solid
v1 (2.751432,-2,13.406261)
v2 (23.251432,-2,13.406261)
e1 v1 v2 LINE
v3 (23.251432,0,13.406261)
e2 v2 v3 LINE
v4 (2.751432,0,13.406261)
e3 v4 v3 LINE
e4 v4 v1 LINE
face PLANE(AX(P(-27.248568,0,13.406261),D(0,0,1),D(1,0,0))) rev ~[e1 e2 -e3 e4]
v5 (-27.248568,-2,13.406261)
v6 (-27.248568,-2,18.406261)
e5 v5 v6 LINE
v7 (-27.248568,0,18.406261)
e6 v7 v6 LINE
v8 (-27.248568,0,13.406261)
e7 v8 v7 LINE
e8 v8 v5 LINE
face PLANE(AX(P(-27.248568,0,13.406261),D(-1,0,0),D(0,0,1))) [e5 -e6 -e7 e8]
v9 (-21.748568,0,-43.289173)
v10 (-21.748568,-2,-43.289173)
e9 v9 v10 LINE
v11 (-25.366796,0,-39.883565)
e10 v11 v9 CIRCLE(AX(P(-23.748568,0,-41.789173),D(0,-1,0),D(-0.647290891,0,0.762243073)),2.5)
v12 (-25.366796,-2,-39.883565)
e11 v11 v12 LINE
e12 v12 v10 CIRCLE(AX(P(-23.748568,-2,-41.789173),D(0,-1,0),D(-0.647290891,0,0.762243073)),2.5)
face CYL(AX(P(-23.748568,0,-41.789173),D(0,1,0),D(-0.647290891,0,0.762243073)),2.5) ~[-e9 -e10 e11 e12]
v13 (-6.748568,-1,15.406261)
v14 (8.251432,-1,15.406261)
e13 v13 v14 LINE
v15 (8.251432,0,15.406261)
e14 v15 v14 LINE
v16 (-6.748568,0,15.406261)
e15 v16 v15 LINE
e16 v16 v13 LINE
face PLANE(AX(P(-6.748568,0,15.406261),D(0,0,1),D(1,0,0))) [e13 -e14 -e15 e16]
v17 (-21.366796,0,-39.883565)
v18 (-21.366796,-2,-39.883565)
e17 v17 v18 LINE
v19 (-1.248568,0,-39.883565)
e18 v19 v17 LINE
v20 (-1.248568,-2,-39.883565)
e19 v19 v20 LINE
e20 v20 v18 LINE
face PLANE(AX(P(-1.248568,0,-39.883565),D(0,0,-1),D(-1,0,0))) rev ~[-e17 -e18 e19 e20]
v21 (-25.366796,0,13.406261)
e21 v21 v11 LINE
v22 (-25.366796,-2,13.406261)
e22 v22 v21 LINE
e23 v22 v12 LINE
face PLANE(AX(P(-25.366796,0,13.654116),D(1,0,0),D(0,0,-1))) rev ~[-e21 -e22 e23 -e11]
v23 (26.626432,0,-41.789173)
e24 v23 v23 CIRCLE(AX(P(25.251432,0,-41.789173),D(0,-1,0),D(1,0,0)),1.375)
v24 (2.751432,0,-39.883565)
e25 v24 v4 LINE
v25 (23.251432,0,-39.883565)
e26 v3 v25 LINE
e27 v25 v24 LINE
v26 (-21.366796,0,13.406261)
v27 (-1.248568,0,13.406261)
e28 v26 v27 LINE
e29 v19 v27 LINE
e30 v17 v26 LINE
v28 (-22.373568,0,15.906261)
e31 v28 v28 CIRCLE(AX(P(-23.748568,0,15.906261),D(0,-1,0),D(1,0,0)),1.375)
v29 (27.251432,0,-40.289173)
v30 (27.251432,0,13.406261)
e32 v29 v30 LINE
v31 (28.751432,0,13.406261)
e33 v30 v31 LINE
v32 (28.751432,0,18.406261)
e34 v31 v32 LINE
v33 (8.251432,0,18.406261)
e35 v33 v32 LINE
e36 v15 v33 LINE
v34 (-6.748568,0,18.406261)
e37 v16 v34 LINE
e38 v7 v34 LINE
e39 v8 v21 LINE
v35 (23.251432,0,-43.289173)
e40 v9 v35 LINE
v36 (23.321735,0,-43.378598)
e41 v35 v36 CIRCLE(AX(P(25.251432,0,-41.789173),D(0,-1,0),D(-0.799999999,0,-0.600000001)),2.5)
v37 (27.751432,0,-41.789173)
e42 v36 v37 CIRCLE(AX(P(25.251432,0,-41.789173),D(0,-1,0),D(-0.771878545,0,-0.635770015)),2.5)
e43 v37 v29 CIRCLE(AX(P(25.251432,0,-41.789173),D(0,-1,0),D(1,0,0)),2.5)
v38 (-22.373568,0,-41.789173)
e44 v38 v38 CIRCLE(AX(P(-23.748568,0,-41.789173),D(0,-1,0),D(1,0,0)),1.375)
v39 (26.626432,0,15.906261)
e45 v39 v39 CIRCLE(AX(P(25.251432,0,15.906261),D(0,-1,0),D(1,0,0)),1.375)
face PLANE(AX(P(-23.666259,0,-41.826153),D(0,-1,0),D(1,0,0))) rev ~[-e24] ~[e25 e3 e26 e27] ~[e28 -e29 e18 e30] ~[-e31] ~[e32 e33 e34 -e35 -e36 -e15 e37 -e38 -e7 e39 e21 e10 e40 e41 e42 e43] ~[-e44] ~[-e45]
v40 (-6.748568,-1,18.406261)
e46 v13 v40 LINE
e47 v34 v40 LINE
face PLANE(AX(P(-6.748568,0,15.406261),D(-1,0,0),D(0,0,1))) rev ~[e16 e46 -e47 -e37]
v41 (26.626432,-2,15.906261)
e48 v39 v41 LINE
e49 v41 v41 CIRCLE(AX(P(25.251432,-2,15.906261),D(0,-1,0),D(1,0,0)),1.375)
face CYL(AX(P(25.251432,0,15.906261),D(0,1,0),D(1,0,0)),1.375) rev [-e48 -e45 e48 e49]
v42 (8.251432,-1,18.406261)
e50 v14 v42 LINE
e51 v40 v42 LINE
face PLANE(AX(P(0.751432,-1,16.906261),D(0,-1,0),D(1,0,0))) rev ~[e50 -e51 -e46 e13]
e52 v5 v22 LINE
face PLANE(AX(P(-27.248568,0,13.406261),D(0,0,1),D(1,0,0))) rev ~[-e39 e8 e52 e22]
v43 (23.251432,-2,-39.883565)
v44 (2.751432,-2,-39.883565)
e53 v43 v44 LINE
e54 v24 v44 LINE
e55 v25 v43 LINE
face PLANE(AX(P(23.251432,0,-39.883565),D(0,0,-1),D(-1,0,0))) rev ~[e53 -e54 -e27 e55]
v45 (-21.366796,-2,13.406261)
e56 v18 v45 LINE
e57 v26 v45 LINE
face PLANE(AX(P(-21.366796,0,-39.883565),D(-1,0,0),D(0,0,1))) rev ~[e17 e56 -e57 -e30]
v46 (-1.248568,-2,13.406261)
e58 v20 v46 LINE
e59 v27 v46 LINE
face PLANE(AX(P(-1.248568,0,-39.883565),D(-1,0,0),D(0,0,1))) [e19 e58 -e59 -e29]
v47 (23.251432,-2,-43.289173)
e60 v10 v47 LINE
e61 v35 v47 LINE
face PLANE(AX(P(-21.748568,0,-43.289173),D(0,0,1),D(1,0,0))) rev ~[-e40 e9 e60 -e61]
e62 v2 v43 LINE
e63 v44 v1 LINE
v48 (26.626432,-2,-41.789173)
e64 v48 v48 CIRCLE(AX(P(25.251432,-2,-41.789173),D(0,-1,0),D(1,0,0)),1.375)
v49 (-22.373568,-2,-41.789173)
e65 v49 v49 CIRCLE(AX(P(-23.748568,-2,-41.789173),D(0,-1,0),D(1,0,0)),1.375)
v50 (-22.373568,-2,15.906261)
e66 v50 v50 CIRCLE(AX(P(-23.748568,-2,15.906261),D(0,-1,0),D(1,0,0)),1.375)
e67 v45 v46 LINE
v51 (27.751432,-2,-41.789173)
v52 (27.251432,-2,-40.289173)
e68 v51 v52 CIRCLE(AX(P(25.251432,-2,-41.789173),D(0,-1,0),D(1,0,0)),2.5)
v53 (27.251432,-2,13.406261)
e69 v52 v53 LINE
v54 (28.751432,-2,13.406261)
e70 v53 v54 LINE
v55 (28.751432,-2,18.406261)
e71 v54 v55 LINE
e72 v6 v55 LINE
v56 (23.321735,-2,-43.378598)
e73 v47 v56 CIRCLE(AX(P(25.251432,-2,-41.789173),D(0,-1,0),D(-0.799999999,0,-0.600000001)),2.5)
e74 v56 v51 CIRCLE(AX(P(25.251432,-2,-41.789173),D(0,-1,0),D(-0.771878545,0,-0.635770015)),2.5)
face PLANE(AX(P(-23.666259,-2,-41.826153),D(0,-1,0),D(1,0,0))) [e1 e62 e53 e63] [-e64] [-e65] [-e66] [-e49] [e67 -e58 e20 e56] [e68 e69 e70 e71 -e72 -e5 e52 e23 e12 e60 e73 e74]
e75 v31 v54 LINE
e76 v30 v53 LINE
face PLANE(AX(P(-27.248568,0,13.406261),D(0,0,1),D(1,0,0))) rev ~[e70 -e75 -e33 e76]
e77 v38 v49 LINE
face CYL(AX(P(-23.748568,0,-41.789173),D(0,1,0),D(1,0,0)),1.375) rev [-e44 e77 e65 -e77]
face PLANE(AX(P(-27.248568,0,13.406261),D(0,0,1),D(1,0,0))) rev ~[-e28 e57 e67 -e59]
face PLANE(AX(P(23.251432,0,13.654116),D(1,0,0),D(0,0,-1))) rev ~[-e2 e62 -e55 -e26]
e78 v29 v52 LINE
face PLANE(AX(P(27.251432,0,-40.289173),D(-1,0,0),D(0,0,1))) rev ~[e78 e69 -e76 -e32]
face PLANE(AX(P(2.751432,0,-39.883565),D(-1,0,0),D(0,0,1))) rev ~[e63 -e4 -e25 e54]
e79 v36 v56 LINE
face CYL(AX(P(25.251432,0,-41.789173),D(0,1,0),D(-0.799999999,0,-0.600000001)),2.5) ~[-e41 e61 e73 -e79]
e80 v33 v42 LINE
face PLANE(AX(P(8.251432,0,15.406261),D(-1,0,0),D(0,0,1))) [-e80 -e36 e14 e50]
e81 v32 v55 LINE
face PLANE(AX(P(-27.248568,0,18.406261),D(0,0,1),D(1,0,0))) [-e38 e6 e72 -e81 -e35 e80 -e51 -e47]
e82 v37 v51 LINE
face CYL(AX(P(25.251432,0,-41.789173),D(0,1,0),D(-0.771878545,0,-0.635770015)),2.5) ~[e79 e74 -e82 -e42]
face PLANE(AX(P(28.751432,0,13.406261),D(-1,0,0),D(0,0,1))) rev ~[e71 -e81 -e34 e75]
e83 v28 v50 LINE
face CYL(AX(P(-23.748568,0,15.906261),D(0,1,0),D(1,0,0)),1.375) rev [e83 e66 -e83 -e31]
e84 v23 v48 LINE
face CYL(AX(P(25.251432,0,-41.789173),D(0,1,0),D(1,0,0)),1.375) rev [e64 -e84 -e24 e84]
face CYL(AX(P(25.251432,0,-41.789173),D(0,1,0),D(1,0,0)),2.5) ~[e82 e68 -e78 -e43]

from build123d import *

# Parameters (mm, degrees)
F1_W     = 56
F1_H     = 5
F1_R     = 1.375
F2_DEPTH = 2
F0_W     = 15
F0_H     = 3
F3_DEPTH = 1
F4_R     = 1.375
F4_W     = 4
F4_H     = 53.2898265516
F5_DEPTH = 2


with BuildPart() as f2:
    # F1 (on Front) → F2 (new body)
    with BuildSketch(Plane.XZ):
        with Locations((0.7514315657, 15.9062612424)):
            Rectangle(F1_W, F1_H)
        with Locations((-23.7485684343, 15.9062612424)):
            Circle(F1_R, mode=Mode.SUBTRACT)
        with Locations((25.2514315657, 15.9062612424)):
            Circle(F1_R, mode=Mode.SUBTRACT)
    extrude(amount=F2_DEPTH)

    # F0 (on Front) → F3 (cut)
    with BuildSketch(Plane.XZ):
        with Locations((0.7514315657, 16.9062612424)):
            Rectangle(F0_W, F0_H)
    extrude(amount=F3_DEPTH, mode=Mode.SUBTRACT)

    # F4 (on Front) → F5 (join)
    with BuildSketch(Plane.XZ):
        with BuildLine():
            Line((-22.1303412057, -39.8835653092), (-25.3667956628, -39.8835653092))
            ThreePointArc((-25.3667956628, -39.8835653092), (-25.4620381693, -43.6096183945), (-21.7485684343, -43.289172991))
            ThreePointArc((-21.7485684343, -43.289172991), (-21.3768601891, -42.579742406), (-21.2485684343, -41.789172991))
            ThreePointArc((-21.2485684343, -41.789172991), (-21.4796955785, -40.7393082548), (-22.1303412057, -39.8835653092))
        make_face()
        with Locations((-23.7485684343, -41.789172991)):
            Circle(F4_R, mode=Mode.SUBTRACT)
        with BuildLine():
            Line((-25.3667956628, 13.6541156098), (-25.3667956628, -39.8835653092))
            ThreePointArc((-25.3667956628, -39.8835653092), (-23.7485684343, -39.289172991), (-22.1303412057, -39.8835653092))
            Line((-22.1303412057, -39.8835653092), (-21.3667956628, -39.8835653092))
            Line((-21.3667956628, -39.8835653092), (-21.3667956628, 9.7079015317))
            Line((-21.3667956628, 9.7079015317), (-21.3667956628, 13.6541156098))
            Line((-21.3667956628, 13.6541156098), (-25.3667956628, 13.6541156098))
        make_face()
        with BuildLine():
            ThreePointArc((-22.1303412057, -39.8835653092), (-23.7485684343, -39.289172991), (-25.3667956628, -39.8835653092))
            Line((-25.3667956628, -39.8835653092), (-22.1303412057, -39.8835653092))
        make_face()
        with BuildLine():
            ThreePointArc((-21.2485684343, -41.789172991), (-21.3768601891, -42.579742406), (-21.7485684343, -43.289172991))
            Line((-21.7485684343, -43.289172991), (-21.3667956628, -43.289172991))
            Line((-21.3667956628, -43.289172991), (23.2514315657, -43.289172991))
            ThreePointArc((23.2514315657, -43.289172991), (22.7514315657, -41.789172991), (23.2514315657, -40.289172991))
            Line((23.2514315657, -40.289172991), (23.2514315657, -39.8835653092))
            Line((23.2514315657, -39.8835653092), (20.2613644372, -39.8835653092))
            Line((20.2613644372, -39.8835653092), (2.7514315657, -39.8835653092))
            Line((2.7514315657, -39.8835653092), (-1.2485684343, -39.8835653092))
            Line((-1.2485684343, -39.8835653092), (-21.3667956628, -39.8835653092))
            Line((-21.3667956628, -39.8835653092), (-22.1303412057, -39.8835653092))
            ThreePointArc((-22.1303412057, -39.8835653092), (-21.4796955785, -40.7393082548), (-21.2485684343, -41.789172991))
        make_face()
        with BuildLine():
            Line((23.3217352043, -43.3785980293), (23.2514315657, -43.289172991))
            ThreePointArc((23.2514315657, -43.289172991), (23.2860747069, -43.3342854197), (23.3217352043, -43.3785980293))
        make_face()
        with BuildLine():
            ThreePointArc((23.2514315657, -40.289172991), (22.7514315657, -41.789172991), (23.2514315657, -43.289172991))
            Line((23.2514315657, -43.289172991), (23.2514315657, -40.289172991))
        make_face()
        with BuildLine():
            Line((23.2514315657, -40.289172991), (23.2514315657, -43.289172991))
            Line((23.2514315657, -43.289172991), (23.3217352043, -43.3785980293))
            ThreePointArc((23.3217352043, -43.3785980293), (26.0957535115, -44.1422816693), (27.7514315657, -41.789172991))
            ThreePointArc((27.7514315657, -41.789172991), (27.6231398109, -40.998603576), (27.2514315657, -40.289172991))
            Line((27.2514315657, -40.289172991), (23.2514315657, -40.289172991))
        make_face()
        with Locations((25.2514315657, -41.789172991)):
            Circle(F4_R, mode=Mode.SUBTRACT)
        with Locations((0.7514315657, -13.2386520334)):
            Rectangle(F4_W, F4_H)
        with BuildLine():
            Line((23.2514315657, -39.8835653092), (23.2514315657, -40.289172991))
            ThreePointArc((23.2514315657, -40.289172991), (25.2514315657, -39.289172991), (27.2514315657, -40.289172991))
            Line((27.2514315657, -40.289172991), (27.2514315657, 13.6541156098))
            Line((27.2514315657, 13.6541156098), (23.2514315657, 13.6541156098))
            Line((23.2514315657, 13.6541156098), (23.2514315657, -35.9635577695))
            Line((23.2514315657, -35.9635577695), (23.2514315657, -39.8835653092))
        make_face()
        with BuildLine():
            ThreePointArc((27.2514315657, -40.289172991), (25.2514315657, -39.289172991), (23.2514315657, -40.289172991))
            Line((23.2514315657, -40.289172991), (27.2514315657, -40.289172991))
        make_face()
    extrude(amount=F5_DEPTH)


solid = f2.part
